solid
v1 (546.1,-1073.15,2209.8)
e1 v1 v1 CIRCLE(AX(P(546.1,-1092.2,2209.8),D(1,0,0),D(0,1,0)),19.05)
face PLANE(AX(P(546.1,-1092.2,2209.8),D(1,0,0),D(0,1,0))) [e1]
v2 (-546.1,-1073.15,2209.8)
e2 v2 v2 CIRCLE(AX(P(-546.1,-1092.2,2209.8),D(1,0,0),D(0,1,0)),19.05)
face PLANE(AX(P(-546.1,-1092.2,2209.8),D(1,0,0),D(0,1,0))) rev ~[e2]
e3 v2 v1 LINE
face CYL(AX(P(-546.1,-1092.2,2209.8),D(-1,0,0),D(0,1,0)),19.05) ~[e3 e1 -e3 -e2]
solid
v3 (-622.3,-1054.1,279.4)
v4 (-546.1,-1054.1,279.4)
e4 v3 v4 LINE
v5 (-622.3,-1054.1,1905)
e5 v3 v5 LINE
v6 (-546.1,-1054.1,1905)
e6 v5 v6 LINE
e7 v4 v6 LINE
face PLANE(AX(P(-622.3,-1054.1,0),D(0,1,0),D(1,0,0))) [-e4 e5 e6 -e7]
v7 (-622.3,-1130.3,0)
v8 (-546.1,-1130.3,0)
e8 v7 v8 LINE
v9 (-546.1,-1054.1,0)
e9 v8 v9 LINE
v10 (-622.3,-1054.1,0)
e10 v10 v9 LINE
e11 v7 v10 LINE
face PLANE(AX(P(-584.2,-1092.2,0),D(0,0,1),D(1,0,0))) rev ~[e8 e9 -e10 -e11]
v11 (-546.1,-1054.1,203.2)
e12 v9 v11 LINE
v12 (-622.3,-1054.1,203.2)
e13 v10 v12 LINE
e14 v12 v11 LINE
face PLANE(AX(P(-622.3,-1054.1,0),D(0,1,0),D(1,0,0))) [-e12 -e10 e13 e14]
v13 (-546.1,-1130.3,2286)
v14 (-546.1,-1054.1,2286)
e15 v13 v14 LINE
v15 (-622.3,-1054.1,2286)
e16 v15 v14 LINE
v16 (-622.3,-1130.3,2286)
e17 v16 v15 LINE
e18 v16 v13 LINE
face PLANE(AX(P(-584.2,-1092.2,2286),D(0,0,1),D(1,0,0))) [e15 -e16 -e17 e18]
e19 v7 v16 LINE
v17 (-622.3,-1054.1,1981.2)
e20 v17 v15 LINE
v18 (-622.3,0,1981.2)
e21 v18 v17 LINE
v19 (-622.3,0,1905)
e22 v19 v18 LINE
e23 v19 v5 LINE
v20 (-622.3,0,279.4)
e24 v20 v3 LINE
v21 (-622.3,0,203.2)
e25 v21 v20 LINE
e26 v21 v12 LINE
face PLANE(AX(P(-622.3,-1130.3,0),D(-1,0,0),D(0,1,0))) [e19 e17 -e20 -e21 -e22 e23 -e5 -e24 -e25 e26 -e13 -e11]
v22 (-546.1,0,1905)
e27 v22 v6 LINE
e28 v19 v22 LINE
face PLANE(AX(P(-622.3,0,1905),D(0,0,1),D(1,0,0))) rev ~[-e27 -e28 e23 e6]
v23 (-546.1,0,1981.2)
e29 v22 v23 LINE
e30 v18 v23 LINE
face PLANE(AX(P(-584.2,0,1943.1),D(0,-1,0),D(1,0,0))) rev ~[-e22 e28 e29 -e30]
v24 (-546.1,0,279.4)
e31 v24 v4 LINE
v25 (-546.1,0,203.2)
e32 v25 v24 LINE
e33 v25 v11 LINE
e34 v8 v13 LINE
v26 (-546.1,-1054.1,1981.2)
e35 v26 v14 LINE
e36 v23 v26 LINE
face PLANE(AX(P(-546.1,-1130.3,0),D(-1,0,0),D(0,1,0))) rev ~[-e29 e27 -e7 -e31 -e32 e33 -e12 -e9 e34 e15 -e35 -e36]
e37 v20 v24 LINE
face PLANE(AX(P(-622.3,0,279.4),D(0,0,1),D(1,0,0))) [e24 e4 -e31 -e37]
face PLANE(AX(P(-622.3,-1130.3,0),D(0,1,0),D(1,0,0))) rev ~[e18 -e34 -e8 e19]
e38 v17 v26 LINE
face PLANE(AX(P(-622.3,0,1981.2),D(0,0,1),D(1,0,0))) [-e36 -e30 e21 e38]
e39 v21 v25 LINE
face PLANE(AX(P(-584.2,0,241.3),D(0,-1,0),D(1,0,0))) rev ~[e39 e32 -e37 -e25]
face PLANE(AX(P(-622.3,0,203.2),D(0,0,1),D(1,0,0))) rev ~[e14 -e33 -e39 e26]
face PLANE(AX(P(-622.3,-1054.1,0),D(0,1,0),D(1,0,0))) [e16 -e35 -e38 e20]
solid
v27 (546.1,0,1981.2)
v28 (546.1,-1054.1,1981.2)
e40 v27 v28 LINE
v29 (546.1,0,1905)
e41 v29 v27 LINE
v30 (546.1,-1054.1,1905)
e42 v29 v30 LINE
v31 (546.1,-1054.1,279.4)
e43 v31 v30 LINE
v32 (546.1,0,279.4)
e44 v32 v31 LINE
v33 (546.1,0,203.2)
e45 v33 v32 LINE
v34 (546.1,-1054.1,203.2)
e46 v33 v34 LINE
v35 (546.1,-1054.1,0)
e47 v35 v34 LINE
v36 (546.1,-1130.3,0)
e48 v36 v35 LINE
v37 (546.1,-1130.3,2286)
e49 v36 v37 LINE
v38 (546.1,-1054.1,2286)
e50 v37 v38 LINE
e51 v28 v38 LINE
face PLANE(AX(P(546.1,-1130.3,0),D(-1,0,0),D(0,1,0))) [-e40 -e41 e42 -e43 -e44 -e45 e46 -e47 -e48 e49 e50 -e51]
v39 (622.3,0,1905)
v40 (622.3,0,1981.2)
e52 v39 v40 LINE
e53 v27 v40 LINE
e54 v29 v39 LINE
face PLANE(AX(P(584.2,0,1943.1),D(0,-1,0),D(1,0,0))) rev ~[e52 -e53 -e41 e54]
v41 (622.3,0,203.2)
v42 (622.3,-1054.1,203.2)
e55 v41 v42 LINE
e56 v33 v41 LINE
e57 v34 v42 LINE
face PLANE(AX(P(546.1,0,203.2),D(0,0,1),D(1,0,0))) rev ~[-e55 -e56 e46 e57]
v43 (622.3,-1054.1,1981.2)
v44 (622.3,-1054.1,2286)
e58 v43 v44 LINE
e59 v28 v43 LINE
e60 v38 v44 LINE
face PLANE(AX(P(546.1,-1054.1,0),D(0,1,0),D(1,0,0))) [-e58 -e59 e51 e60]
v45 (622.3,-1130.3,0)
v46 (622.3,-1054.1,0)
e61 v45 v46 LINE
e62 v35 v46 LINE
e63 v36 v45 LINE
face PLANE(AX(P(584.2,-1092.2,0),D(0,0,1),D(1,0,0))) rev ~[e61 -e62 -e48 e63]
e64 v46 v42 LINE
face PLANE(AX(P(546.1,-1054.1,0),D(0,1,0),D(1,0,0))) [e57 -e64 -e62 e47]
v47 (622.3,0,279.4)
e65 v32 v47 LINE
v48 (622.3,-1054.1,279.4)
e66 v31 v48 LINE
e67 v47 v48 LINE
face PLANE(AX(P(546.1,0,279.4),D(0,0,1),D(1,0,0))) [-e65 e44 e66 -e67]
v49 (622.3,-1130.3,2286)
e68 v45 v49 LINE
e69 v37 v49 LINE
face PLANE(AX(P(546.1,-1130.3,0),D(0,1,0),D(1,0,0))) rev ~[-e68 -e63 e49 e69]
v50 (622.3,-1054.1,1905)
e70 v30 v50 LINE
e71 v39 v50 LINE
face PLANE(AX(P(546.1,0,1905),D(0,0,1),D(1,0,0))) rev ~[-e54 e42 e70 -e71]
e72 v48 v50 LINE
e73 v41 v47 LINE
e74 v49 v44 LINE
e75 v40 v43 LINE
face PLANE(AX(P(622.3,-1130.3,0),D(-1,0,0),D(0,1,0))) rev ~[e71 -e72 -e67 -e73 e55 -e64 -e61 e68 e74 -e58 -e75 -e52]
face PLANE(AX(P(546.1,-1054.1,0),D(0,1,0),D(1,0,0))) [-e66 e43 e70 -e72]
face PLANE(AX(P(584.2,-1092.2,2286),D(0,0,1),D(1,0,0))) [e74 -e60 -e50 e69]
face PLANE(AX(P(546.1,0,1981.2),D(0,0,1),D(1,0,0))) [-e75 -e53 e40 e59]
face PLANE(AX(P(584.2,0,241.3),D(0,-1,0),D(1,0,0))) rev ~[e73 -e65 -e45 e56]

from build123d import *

# Parameters (mm, degrees)
F0_W     = 76.2
F0_H     = 76.2
F1_DEPTH = 2286
F2_W     = 76.2
F2_H     = 76.2
F3_DEPTH = 1054.1
F4_R     = 19.05
F5_DEPTH = 1092.2


with BuildPart() as f1:
    # F0 (on Top) → F1 (new body)
    with BuildSketch(Plane.XY):
        with Locations((-584.2, -1092.2)):
            Rectangle(F0_W, F0_H)
    extrude(amount=F1_DEPTH)

    # F2 (on Front) → F3 (join, through all)
    with BuildSketch(Plane.XZ):
        with Locations((-584.2, 1943.1)):
            Rectangle(F2_W, F2_H)
        with Locations((-584.2, 241.3)):
            Rectangle(F2_W, F2_H)
    extrude(amount=F3_DEPTH)


with BuildPart() as f1b:
    # F0 (on Top) → F1, piece 2 (new body)
    with BuildSketch(Plane.XY):
        with Locations((584.2, -1092.2)):
            Rectangle(F0_W, F0_H)
    extrude(amount=F1_DEPTH)

    # F2 (on Front) → F3, piece 2 (join, through all)
    with BuildSketch(Plane.XZ):
        with Locations((584.2, 1943.1)):
            Rectangle(F2_W, F2_H)
        with Locations((584.2, 241.3)):
            Rectangle(F2_W, F2_H)
    extrude(amount=F3_DEPTH)


with BuildPart() as f5:
    # F4 (on face) → F5 (new body, through all)
    with BuildSketch(Plane.YZ.offset(-546.1)):
        with Locations((-1092.2, 2209.8)):
            Circle(F4_R)
    extrude(amount=F5_DEPTH)


solid = Compound([f1.part, f1b.part, f5.part])
